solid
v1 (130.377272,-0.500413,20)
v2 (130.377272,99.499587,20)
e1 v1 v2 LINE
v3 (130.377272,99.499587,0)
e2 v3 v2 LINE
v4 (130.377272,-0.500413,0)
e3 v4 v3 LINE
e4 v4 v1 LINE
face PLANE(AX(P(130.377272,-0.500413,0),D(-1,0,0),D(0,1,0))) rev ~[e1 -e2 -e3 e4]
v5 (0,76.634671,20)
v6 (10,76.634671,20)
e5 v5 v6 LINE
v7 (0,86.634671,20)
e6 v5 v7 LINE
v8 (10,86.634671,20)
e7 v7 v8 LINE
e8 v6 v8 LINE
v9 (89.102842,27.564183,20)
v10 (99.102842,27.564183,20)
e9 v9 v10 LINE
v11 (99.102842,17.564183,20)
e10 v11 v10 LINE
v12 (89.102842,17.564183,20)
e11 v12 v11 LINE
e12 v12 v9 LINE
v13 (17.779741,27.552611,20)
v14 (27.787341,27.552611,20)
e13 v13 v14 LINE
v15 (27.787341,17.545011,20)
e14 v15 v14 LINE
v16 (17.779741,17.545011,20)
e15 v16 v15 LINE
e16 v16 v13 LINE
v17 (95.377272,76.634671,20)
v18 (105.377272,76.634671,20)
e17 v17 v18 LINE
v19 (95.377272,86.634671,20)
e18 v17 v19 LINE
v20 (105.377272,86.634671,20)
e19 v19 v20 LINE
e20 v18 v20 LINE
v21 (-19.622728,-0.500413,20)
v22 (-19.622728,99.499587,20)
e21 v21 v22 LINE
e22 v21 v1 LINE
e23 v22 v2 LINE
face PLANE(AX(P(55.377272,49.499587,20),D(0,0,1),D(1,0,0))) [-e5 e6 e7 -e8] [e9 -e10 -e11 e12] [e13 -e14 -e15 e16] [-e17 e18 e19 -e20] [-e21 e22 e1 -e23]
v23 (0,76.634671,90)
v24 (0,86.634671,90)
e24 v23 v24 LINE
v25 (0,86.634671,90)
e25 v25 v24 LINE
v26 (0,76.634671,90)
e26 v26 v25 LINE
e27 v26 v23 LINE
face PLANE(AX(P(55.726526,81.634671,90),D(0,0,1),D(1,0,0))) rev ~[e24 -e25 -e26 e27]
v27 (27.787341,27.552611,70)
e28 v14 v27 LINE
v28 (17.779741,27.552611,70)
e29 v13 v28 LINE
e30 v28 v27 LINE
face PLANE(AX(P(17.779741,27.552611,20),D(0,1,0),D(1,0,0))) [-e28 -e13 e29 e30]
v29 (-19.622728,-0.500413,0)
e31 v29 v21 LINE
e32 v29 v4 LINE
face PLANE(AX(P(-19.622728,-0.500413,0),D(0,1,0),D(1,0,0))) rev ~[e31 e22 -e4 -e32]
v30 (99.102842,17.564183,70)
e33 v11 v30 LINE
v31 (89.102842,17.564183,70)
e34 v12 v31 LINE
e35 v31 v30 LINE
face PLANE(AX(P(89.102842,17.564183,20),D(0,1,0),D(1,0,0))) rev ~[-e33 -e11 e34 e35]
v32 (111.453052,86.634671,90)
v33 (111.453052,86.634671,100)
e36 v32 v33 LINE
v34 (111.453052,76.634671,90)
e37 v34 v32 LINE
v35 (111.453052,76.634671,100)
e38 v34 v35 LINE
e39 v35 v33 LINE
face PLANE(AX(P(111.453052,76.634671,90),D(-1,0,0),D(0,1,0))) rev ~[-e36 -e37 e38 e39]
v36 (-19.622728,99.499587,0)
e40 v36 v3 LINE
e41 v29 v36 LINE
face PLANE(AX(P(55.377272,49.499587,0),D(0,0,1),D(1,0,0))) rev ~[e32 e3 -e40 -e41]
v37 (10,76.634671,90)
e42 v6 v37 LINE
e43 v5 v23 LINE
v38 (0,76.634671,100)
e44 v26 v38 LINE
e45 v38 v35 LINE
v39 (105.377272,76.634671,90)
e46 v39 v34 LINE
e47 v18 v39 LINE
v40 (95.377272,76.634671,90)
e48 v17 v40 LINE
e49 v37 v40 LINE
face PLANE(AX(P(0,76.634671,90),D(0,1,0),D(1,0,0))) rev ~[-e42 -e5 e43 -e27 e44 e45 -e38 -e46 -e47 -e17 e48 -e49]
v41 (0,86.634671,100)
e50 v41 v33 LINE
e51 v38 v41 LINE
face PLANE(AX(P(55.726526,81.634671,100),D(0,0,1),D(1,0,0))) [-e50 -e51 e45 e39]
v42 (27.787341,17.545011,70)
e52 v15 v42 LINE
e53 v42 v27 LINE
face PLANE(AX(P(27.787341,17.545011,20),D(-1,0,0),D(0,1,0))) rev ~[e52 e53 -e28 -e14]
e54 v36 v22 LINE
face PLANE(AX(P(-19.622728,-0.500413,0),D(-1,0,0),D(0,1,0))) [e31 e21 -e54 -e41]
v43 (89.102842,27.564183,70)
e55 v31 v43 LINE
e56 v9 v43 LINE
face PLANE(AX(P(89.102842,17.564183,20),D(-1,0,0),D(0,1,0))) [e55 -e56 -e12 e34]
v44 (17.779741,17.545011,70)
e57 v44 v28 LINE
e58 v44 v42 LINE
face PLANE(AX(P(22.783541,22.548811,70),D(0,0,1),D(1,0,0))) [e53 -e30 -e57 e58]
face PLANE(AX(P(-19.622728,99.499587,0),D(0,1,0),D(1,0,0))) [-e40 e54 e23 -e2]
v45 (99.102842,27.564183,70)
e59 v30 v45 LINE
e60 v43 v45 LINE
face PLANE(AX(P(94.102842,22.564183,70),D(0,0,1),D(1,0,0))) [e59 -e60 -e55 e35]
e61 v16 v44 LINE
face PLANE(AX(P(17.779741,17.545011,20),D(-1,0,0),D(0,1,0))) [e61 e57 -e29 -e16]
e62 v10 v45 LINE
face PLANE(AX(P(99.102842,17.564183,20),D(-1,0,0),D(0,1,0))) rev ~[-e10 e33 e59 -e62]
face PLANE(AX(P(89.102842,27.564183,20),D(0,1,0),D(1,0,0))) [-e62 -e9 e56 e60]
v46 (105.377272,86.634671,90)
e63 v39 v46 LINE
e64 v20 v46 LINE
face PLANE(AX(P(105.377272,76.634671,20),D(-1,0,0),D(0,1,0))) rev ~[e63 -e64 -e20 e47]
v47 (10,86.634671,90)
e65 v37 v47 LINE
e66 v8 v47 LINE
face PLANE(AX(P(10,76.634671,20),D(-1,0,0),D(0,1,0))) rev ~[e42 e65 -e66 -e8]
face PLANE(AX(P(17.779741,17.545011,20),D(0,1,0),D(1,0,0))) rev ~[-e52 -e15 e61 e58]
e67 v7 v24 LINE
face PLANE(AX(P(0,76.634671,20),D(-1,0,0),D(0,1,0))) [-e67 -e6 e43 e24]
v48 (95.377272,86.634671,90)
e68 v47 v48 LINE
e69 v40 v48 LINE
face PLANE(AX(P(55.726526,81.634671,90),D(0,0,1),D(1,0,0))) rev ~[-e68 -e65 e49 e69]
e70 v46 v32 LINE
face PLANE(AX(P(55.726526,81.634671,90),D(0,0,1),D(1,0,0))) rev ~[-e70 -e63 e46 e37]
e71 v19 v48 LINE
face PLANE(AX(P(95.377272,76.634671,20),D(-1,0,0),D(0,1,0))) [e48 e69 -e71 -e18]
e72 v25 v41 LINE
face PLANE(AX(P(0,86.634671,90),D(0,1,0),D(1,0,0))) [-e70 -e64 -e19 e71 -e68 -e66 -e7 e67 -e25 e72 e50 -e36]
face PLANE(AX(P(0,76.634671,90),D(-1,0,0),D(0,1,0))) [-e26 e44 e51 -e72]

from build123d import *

# Parameters (mm, degrees)
F0_W     = 150
F0_H     = 100
F1_DEPTH = 20
F2_W     = 10
F2_H     = 10
F3_DEPTH = 70
F2_W_2   = 10.0076
F2_H_2   = 10.0076
F4_DEPTH = 50
F5_W     = 111.453053
F5_H     = 10
F6_DEPTH = 10


with BuildPart() as f1:
    # F0 (on Top) → F1 (new body)
    with BuildSketch(Plane.XY):
        with Locations((55.377272, 49.499587)):
            Rectangle(F0_W, F0_H)
    extrude(amount=F1_DEPTH)

    # F2 (on face) → F3 (join)
    with BuildSketch(Plane.XY.offset(20)):
        with Locations((5, 81.634671)):
            Rectangle(F2_W, F2_H)
        with Locations((100.377272, 81.634671)):
            Rectangle(F2_W, F2_H)
    extrude(amount=F3_DEPTH)

    # F2 (on face) → F4 (join)
    with BuildSketch(Plane.XY.offset(20)):
        with Locations((22.783541, 22.548811)):
            Rectangle(F2_W_2, F2_H_2)
        with Locations((94.102842, 22.564183)):
            Rectangle(F2_W, F2_H)
    extrude(amount=F4_DEPTH)

    # F5 (on face) → F6 (join)
    with BuildSketch(Plane.XY.offset(90)):
        with Locations((55.726526, 81.634671)):
            Rectangle(F5_W, F5_H)
    extrude(amount=F6_DEPTH)


solid = f1.part
